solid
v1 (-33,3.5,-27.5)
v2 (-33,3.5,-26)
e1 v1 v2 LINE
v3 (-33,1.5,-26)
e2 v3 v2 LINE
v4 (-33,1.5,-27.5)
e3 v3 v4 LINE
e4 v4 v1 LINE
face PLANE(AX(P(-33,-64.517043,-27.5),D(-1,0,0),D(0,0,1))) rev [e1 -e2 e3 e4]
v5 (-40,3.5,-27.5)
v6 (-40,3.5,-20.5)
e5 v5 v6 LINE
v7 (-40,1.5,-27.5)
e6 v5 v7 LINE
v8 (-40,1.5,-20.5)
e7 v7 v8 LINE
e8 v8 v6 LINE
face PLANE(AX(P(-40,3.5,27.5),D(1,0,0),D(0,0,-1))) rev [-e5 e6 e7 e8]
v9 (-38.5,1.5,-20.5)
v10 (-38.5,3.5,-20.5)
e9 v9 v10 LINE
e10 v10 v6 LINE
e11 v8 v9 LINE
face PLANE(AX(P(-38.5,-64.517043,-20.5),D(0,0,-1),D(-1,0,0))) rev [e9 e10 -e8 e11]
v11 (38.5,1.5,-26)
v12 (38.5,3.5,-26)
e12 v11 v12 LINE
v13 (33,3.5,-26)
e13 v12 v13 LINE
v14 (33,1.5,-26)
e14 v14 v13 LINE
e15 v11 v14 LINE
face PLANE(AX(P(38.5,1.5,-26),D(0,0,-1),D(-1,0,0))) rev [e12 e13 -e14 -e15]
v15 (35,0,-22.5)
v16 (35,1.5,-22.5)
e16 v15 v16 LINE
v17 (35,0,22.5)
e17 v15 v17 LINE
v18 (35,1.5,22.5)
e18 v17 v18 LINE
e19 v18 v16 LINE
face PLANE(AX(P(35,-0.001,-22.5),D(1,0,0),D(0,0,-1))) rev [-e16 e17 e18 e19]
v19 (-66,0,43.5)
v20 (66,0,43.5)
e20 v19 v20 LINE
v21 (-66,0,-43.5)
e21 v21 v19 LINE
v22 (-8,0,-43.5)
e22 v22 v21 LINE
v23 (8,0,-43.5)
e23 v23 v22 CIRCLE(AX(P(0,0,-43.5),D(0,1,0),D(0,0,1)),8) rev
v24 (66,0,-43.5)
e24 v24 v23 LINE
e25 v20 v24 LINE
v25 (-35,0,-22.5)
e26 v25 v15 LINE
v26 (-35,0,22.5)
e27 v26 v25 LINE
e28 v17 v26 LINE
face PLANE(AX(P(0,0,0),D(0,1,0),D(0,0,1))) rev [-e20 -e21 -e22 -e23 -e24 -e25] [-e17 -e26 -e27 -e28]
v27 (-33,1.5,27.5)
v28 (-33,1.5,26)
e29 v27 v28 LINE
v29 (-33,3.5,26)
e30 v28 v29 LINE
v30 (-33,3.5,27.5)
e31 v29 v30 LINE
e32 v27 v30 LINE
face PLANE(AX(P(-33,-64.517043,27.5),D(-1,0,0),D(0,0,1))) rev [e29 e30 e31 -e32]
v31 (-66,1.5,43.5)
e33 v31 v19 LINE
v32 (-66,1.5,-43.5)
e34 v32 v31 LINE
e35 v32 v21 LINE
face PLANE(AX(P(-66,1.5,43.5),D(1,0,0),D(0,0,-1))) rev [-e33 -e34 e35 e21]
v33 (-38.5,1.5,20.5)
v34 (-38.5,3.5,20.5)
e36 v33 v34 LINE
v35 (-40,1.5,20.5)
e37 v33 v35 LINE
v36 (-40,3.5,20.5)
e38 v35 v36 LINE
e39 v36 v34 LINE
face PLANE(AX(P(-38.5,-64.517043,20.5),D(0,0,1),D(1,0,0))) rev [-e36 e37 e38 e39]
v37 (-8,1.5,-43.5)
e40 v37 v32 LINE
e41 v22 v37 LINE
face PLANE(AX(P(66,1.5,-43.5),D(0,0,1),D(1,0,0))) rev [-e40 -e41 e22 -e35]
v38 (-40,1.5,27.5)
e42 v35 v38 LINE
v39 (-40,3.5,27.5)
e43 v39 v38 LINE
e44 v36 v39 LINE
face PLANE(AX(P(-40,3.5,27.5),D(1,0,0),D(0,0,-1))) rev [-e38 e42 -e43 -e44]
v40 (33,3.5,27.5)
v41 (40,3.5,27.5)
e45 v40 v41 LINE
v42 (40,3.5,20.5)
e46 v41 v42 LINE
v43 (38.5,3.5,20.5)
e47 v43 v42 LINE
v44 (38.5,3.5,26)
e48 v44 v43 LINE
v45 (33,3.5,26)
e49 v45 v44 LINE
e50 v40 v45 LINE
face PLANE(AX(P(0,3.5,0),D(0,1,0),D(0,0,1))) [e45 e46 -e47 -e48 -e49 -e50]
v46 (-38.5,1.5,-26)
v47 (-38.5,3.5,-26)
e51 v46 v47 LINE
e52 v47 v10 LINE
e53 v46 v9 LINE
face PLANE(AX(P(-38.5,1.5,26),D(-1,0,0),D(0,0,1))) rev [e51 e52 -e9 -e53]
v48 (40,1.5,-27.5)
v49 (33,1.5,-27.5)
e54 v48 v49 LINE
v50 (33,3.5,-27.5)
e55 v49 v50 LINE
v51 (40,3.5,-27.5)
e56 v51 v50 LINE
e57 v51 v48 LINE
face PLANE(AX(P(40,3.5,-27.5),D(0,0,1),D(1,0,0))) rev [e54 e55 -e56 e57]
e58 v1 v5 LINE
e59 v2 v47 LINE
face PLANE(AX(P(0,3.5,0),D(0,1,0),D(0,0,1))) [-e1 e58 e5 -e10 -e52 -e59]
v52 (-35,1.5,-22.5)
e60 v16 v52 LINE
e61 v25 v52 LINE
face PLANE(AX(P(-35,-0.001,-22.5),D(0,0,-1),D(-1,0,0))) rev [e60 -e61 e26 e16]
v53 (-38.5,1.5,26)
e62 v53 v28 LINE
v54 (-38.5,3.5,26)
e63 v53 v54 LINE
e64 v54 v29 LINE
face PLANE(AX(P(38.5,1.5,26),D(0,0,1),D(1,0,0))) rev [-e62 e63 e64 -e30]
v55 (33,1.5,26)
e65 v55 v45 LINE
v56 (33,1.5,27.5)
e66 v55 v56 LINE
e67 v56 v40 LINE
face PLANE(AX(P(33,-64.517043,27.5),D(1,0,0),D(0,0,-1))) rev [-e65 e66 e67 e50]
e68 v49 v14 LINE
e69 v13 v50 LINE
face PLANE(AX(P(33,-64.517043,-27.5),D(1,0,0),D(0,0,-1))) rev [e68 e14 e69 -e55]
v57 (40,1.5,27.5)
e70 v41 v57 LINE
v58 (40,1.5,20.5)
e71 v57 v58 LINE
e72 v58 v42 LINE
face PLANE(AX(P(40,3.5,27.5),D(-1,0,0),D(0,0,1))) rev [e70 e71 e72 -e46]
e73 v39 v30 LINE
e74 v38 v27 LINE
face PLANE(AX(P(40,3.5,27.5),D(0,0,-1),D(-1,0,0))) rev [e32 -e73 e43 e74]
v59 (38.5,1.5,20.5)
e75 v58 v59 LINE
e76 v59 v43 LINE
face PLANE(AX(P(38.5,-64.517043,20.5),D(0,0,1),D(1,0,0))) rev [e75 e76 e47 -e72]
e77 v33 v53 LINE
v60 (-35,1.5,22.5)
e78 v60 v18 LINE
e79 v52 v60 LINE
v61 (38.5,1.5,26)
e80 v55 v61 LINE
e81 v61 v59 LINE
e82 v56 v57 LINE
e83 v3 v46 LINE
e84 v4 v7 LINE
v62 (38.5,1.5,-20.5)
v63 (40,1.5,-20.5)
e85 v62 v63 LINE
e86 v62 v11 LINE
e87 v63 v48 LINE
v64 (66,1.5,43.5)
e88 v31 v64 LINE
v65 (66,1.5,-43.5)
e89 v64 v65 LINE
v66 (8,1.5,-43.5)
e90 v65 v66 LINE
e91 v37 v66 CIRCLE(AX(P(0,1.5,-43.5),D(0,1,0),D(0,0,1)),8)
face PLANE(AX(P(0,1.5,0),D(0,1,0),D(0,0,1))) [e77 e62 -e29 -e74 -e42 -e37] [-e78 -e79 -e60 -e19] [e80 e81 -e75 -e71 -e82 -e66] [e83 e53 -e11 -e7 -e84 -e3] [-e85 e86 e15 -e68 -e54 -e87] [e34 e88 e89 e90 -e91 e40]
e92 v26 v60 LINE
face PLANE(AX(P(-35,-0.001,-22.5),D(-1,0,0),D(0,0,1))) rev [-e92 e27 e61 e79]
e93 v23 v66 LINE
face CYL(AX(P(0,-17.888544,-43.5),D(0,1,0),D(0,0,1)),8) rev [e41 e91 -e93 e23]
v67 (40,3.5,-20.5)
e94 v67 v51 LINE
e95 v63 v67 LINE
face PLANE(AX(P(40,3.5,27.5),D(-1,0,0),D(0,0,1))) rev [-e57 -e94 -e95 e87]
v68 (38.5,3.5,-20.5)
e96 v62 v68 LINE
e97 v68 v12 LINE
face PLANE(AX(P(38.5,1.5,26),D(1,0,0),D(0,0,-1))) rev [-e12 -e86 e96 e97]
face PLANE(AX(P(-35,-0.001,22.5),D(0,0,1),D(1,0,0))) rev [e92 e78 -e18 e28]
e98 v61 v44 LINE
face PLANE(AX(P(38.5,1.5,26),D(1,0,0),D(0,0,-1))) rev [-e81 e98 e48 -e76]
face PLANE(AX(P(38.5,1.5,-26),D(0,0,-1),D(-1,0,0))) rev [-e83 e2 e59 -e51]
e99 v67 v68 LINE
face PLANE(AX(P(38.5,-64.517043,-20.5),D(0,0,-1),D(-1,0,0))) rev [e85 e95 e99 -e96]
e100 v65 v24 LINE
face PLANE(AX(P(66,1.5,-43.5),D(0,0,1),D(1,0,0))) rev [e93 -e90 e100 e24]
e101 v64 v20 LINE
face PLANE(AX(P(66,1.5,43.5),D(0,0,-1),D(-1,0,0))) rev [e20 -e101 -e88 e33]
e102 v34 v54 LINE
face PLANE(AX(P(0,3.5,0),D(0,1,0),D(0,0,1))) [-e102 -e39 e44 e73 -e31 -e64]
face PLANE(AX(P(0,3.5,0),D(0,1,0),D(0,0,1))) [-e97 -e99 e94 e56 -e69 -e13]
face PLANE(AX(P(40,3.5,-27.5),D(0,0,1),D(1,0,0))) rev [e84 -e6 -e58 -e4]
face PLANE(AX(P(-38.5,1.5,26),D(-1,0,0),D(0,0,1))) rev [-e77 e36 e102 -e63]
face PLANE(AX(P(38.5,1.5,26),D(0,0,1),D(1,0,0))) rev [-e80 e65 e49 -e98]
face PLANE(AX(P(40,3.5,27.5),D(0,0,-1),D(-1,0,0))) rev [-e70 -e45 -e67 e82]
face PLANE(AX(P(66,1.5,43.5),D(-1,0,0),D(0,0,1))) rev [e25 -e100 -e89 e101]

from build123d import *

# Parameters (mm, degrees)
SKETCH1_W           = 132
SKETCH1_H           = 87
BOSS_EXTRUDE1_DEPTH = 1.5
SKETCH2_W           = 80
SKETCH2_H           = 55
BOSS_EXTRUDE2_DEPTH = 2
SKETCH3_W           = 77
SKETCH3_H           = 52
CUT_EXTRUDE1_DEPTH  = 2
CUT_EXTRUDE2_REACH  = 3.5
SKETCH4_W           = 70
SKETCH4_H           = 45
SKETCH5_W           = 1.5
SKETCH5_H           = 41
SKETCH5_W_2         = 66
SKETCH5_H_2         = 1.5
CUT_EXTRUDE3_DEPTH  = 2
CUT_EXTRUDE4_DEPTH  = 1.5


with BuildPart() as part:
    # Sketch1 → Boss-Extrude1 (new body)
    with BuildSketch(Plane(origin=(0, 0, 0), x_dir=(1, 0, 0), z_dir=(0, 1, 0))):
        Rectangle(SKETCH1_W, SKETCH1_H)
    extrude(amount=BOSS_EXTRUDE1_DEPTH)

    # Sketch2 → Boss-Extrude2 (add)
    with BuildSketch(Plane(origin=(0, 1.5, 0), x_dir=(1, 0, 0), z_dir=(0, 1, 0))):
        Rectangle(SKETCH2_W, SKETCH2_H)
    extrude(amount=BOSS_EXTRUDE2_DEPTH)

    # Sketch3 → Cut-Extrude1 (cut)
    with BuildSketch(Plane(origin=(0, 3.5, 0), x_dir=(1, 0, 0), z_dir=(0, 1, 0))):
        Rectangle(SKETCH3_W, SKETCH3_H)
    extrude(amount=-CUT_EXTRUDE1_DEPTH, mode=Mode.SUBTRACT)

    # Sketch4 → Cut-Extrude2 (cut, up to next)
    with BuildSketch(Plane(origin=(0, 1.5, 0), x_dir=(1, 0, 0), z_dir=(0, 1, 0)), mode=Mode.PRIVATE) as cut_extrude2_sk1:
        Rectangle(SKETCH4_W, SKETCH4_H)
    cut_extrude2_tool1 = extrude(cut_extrude2_sk1.sketch, amount=-CUT_EXTRUDE2_REACH, mode=Mode.PRIVATE) & part.part
    add(cut_extrude2_tool1.solids().sort_by_distance((0, 1.5, 0))[0], mode=Mode.SUBTRACT)

    # Sketch5 → Cut-Extrude3 (cut)
    with BuildSketch(Plane(origin=(0, 3.5, 0), x_dir=(1, 0, 0), z_dir=(0, 1, 0))):
        with Locations((-39.25, 0)):
            Rectangle(SKETCH5_W, SKETCH5_H)
        with Locations((39.25, 0)):
            Rectangle(SKETCH5_W, SKETCH5_H)
        with Locations((0, 26.75)):
            Rectangle(SKETCH5_W_2, SKETCH5_H_2)
        with Locations((0, -26.75)):
            Rectangle(SKETCH5_W_2, SKETCH5_H_2)
    extrude(amount=-CUT_EXTRUDE3_DEPTH, mode=Mode.SUBTRACT)

    # Sketch6 → Cut-Extrude4 (cut)
    with BuildSketch(Plane(origin=(0, 1.5, 0), x_dir=(1, 0, 0), z_dir=(0, 1, 0))):
        with BuildLine():
            Line((-8, 43.5), (8, 43.5))
            ThreePointArc((8, 43.5), (0, 35.5), (-8, 43.5))
        make_face()
    extrude(amount=-CUT_EXTRUDE4_DEPTH, mode=Mode.SUBTRACT)


solid = part.part
